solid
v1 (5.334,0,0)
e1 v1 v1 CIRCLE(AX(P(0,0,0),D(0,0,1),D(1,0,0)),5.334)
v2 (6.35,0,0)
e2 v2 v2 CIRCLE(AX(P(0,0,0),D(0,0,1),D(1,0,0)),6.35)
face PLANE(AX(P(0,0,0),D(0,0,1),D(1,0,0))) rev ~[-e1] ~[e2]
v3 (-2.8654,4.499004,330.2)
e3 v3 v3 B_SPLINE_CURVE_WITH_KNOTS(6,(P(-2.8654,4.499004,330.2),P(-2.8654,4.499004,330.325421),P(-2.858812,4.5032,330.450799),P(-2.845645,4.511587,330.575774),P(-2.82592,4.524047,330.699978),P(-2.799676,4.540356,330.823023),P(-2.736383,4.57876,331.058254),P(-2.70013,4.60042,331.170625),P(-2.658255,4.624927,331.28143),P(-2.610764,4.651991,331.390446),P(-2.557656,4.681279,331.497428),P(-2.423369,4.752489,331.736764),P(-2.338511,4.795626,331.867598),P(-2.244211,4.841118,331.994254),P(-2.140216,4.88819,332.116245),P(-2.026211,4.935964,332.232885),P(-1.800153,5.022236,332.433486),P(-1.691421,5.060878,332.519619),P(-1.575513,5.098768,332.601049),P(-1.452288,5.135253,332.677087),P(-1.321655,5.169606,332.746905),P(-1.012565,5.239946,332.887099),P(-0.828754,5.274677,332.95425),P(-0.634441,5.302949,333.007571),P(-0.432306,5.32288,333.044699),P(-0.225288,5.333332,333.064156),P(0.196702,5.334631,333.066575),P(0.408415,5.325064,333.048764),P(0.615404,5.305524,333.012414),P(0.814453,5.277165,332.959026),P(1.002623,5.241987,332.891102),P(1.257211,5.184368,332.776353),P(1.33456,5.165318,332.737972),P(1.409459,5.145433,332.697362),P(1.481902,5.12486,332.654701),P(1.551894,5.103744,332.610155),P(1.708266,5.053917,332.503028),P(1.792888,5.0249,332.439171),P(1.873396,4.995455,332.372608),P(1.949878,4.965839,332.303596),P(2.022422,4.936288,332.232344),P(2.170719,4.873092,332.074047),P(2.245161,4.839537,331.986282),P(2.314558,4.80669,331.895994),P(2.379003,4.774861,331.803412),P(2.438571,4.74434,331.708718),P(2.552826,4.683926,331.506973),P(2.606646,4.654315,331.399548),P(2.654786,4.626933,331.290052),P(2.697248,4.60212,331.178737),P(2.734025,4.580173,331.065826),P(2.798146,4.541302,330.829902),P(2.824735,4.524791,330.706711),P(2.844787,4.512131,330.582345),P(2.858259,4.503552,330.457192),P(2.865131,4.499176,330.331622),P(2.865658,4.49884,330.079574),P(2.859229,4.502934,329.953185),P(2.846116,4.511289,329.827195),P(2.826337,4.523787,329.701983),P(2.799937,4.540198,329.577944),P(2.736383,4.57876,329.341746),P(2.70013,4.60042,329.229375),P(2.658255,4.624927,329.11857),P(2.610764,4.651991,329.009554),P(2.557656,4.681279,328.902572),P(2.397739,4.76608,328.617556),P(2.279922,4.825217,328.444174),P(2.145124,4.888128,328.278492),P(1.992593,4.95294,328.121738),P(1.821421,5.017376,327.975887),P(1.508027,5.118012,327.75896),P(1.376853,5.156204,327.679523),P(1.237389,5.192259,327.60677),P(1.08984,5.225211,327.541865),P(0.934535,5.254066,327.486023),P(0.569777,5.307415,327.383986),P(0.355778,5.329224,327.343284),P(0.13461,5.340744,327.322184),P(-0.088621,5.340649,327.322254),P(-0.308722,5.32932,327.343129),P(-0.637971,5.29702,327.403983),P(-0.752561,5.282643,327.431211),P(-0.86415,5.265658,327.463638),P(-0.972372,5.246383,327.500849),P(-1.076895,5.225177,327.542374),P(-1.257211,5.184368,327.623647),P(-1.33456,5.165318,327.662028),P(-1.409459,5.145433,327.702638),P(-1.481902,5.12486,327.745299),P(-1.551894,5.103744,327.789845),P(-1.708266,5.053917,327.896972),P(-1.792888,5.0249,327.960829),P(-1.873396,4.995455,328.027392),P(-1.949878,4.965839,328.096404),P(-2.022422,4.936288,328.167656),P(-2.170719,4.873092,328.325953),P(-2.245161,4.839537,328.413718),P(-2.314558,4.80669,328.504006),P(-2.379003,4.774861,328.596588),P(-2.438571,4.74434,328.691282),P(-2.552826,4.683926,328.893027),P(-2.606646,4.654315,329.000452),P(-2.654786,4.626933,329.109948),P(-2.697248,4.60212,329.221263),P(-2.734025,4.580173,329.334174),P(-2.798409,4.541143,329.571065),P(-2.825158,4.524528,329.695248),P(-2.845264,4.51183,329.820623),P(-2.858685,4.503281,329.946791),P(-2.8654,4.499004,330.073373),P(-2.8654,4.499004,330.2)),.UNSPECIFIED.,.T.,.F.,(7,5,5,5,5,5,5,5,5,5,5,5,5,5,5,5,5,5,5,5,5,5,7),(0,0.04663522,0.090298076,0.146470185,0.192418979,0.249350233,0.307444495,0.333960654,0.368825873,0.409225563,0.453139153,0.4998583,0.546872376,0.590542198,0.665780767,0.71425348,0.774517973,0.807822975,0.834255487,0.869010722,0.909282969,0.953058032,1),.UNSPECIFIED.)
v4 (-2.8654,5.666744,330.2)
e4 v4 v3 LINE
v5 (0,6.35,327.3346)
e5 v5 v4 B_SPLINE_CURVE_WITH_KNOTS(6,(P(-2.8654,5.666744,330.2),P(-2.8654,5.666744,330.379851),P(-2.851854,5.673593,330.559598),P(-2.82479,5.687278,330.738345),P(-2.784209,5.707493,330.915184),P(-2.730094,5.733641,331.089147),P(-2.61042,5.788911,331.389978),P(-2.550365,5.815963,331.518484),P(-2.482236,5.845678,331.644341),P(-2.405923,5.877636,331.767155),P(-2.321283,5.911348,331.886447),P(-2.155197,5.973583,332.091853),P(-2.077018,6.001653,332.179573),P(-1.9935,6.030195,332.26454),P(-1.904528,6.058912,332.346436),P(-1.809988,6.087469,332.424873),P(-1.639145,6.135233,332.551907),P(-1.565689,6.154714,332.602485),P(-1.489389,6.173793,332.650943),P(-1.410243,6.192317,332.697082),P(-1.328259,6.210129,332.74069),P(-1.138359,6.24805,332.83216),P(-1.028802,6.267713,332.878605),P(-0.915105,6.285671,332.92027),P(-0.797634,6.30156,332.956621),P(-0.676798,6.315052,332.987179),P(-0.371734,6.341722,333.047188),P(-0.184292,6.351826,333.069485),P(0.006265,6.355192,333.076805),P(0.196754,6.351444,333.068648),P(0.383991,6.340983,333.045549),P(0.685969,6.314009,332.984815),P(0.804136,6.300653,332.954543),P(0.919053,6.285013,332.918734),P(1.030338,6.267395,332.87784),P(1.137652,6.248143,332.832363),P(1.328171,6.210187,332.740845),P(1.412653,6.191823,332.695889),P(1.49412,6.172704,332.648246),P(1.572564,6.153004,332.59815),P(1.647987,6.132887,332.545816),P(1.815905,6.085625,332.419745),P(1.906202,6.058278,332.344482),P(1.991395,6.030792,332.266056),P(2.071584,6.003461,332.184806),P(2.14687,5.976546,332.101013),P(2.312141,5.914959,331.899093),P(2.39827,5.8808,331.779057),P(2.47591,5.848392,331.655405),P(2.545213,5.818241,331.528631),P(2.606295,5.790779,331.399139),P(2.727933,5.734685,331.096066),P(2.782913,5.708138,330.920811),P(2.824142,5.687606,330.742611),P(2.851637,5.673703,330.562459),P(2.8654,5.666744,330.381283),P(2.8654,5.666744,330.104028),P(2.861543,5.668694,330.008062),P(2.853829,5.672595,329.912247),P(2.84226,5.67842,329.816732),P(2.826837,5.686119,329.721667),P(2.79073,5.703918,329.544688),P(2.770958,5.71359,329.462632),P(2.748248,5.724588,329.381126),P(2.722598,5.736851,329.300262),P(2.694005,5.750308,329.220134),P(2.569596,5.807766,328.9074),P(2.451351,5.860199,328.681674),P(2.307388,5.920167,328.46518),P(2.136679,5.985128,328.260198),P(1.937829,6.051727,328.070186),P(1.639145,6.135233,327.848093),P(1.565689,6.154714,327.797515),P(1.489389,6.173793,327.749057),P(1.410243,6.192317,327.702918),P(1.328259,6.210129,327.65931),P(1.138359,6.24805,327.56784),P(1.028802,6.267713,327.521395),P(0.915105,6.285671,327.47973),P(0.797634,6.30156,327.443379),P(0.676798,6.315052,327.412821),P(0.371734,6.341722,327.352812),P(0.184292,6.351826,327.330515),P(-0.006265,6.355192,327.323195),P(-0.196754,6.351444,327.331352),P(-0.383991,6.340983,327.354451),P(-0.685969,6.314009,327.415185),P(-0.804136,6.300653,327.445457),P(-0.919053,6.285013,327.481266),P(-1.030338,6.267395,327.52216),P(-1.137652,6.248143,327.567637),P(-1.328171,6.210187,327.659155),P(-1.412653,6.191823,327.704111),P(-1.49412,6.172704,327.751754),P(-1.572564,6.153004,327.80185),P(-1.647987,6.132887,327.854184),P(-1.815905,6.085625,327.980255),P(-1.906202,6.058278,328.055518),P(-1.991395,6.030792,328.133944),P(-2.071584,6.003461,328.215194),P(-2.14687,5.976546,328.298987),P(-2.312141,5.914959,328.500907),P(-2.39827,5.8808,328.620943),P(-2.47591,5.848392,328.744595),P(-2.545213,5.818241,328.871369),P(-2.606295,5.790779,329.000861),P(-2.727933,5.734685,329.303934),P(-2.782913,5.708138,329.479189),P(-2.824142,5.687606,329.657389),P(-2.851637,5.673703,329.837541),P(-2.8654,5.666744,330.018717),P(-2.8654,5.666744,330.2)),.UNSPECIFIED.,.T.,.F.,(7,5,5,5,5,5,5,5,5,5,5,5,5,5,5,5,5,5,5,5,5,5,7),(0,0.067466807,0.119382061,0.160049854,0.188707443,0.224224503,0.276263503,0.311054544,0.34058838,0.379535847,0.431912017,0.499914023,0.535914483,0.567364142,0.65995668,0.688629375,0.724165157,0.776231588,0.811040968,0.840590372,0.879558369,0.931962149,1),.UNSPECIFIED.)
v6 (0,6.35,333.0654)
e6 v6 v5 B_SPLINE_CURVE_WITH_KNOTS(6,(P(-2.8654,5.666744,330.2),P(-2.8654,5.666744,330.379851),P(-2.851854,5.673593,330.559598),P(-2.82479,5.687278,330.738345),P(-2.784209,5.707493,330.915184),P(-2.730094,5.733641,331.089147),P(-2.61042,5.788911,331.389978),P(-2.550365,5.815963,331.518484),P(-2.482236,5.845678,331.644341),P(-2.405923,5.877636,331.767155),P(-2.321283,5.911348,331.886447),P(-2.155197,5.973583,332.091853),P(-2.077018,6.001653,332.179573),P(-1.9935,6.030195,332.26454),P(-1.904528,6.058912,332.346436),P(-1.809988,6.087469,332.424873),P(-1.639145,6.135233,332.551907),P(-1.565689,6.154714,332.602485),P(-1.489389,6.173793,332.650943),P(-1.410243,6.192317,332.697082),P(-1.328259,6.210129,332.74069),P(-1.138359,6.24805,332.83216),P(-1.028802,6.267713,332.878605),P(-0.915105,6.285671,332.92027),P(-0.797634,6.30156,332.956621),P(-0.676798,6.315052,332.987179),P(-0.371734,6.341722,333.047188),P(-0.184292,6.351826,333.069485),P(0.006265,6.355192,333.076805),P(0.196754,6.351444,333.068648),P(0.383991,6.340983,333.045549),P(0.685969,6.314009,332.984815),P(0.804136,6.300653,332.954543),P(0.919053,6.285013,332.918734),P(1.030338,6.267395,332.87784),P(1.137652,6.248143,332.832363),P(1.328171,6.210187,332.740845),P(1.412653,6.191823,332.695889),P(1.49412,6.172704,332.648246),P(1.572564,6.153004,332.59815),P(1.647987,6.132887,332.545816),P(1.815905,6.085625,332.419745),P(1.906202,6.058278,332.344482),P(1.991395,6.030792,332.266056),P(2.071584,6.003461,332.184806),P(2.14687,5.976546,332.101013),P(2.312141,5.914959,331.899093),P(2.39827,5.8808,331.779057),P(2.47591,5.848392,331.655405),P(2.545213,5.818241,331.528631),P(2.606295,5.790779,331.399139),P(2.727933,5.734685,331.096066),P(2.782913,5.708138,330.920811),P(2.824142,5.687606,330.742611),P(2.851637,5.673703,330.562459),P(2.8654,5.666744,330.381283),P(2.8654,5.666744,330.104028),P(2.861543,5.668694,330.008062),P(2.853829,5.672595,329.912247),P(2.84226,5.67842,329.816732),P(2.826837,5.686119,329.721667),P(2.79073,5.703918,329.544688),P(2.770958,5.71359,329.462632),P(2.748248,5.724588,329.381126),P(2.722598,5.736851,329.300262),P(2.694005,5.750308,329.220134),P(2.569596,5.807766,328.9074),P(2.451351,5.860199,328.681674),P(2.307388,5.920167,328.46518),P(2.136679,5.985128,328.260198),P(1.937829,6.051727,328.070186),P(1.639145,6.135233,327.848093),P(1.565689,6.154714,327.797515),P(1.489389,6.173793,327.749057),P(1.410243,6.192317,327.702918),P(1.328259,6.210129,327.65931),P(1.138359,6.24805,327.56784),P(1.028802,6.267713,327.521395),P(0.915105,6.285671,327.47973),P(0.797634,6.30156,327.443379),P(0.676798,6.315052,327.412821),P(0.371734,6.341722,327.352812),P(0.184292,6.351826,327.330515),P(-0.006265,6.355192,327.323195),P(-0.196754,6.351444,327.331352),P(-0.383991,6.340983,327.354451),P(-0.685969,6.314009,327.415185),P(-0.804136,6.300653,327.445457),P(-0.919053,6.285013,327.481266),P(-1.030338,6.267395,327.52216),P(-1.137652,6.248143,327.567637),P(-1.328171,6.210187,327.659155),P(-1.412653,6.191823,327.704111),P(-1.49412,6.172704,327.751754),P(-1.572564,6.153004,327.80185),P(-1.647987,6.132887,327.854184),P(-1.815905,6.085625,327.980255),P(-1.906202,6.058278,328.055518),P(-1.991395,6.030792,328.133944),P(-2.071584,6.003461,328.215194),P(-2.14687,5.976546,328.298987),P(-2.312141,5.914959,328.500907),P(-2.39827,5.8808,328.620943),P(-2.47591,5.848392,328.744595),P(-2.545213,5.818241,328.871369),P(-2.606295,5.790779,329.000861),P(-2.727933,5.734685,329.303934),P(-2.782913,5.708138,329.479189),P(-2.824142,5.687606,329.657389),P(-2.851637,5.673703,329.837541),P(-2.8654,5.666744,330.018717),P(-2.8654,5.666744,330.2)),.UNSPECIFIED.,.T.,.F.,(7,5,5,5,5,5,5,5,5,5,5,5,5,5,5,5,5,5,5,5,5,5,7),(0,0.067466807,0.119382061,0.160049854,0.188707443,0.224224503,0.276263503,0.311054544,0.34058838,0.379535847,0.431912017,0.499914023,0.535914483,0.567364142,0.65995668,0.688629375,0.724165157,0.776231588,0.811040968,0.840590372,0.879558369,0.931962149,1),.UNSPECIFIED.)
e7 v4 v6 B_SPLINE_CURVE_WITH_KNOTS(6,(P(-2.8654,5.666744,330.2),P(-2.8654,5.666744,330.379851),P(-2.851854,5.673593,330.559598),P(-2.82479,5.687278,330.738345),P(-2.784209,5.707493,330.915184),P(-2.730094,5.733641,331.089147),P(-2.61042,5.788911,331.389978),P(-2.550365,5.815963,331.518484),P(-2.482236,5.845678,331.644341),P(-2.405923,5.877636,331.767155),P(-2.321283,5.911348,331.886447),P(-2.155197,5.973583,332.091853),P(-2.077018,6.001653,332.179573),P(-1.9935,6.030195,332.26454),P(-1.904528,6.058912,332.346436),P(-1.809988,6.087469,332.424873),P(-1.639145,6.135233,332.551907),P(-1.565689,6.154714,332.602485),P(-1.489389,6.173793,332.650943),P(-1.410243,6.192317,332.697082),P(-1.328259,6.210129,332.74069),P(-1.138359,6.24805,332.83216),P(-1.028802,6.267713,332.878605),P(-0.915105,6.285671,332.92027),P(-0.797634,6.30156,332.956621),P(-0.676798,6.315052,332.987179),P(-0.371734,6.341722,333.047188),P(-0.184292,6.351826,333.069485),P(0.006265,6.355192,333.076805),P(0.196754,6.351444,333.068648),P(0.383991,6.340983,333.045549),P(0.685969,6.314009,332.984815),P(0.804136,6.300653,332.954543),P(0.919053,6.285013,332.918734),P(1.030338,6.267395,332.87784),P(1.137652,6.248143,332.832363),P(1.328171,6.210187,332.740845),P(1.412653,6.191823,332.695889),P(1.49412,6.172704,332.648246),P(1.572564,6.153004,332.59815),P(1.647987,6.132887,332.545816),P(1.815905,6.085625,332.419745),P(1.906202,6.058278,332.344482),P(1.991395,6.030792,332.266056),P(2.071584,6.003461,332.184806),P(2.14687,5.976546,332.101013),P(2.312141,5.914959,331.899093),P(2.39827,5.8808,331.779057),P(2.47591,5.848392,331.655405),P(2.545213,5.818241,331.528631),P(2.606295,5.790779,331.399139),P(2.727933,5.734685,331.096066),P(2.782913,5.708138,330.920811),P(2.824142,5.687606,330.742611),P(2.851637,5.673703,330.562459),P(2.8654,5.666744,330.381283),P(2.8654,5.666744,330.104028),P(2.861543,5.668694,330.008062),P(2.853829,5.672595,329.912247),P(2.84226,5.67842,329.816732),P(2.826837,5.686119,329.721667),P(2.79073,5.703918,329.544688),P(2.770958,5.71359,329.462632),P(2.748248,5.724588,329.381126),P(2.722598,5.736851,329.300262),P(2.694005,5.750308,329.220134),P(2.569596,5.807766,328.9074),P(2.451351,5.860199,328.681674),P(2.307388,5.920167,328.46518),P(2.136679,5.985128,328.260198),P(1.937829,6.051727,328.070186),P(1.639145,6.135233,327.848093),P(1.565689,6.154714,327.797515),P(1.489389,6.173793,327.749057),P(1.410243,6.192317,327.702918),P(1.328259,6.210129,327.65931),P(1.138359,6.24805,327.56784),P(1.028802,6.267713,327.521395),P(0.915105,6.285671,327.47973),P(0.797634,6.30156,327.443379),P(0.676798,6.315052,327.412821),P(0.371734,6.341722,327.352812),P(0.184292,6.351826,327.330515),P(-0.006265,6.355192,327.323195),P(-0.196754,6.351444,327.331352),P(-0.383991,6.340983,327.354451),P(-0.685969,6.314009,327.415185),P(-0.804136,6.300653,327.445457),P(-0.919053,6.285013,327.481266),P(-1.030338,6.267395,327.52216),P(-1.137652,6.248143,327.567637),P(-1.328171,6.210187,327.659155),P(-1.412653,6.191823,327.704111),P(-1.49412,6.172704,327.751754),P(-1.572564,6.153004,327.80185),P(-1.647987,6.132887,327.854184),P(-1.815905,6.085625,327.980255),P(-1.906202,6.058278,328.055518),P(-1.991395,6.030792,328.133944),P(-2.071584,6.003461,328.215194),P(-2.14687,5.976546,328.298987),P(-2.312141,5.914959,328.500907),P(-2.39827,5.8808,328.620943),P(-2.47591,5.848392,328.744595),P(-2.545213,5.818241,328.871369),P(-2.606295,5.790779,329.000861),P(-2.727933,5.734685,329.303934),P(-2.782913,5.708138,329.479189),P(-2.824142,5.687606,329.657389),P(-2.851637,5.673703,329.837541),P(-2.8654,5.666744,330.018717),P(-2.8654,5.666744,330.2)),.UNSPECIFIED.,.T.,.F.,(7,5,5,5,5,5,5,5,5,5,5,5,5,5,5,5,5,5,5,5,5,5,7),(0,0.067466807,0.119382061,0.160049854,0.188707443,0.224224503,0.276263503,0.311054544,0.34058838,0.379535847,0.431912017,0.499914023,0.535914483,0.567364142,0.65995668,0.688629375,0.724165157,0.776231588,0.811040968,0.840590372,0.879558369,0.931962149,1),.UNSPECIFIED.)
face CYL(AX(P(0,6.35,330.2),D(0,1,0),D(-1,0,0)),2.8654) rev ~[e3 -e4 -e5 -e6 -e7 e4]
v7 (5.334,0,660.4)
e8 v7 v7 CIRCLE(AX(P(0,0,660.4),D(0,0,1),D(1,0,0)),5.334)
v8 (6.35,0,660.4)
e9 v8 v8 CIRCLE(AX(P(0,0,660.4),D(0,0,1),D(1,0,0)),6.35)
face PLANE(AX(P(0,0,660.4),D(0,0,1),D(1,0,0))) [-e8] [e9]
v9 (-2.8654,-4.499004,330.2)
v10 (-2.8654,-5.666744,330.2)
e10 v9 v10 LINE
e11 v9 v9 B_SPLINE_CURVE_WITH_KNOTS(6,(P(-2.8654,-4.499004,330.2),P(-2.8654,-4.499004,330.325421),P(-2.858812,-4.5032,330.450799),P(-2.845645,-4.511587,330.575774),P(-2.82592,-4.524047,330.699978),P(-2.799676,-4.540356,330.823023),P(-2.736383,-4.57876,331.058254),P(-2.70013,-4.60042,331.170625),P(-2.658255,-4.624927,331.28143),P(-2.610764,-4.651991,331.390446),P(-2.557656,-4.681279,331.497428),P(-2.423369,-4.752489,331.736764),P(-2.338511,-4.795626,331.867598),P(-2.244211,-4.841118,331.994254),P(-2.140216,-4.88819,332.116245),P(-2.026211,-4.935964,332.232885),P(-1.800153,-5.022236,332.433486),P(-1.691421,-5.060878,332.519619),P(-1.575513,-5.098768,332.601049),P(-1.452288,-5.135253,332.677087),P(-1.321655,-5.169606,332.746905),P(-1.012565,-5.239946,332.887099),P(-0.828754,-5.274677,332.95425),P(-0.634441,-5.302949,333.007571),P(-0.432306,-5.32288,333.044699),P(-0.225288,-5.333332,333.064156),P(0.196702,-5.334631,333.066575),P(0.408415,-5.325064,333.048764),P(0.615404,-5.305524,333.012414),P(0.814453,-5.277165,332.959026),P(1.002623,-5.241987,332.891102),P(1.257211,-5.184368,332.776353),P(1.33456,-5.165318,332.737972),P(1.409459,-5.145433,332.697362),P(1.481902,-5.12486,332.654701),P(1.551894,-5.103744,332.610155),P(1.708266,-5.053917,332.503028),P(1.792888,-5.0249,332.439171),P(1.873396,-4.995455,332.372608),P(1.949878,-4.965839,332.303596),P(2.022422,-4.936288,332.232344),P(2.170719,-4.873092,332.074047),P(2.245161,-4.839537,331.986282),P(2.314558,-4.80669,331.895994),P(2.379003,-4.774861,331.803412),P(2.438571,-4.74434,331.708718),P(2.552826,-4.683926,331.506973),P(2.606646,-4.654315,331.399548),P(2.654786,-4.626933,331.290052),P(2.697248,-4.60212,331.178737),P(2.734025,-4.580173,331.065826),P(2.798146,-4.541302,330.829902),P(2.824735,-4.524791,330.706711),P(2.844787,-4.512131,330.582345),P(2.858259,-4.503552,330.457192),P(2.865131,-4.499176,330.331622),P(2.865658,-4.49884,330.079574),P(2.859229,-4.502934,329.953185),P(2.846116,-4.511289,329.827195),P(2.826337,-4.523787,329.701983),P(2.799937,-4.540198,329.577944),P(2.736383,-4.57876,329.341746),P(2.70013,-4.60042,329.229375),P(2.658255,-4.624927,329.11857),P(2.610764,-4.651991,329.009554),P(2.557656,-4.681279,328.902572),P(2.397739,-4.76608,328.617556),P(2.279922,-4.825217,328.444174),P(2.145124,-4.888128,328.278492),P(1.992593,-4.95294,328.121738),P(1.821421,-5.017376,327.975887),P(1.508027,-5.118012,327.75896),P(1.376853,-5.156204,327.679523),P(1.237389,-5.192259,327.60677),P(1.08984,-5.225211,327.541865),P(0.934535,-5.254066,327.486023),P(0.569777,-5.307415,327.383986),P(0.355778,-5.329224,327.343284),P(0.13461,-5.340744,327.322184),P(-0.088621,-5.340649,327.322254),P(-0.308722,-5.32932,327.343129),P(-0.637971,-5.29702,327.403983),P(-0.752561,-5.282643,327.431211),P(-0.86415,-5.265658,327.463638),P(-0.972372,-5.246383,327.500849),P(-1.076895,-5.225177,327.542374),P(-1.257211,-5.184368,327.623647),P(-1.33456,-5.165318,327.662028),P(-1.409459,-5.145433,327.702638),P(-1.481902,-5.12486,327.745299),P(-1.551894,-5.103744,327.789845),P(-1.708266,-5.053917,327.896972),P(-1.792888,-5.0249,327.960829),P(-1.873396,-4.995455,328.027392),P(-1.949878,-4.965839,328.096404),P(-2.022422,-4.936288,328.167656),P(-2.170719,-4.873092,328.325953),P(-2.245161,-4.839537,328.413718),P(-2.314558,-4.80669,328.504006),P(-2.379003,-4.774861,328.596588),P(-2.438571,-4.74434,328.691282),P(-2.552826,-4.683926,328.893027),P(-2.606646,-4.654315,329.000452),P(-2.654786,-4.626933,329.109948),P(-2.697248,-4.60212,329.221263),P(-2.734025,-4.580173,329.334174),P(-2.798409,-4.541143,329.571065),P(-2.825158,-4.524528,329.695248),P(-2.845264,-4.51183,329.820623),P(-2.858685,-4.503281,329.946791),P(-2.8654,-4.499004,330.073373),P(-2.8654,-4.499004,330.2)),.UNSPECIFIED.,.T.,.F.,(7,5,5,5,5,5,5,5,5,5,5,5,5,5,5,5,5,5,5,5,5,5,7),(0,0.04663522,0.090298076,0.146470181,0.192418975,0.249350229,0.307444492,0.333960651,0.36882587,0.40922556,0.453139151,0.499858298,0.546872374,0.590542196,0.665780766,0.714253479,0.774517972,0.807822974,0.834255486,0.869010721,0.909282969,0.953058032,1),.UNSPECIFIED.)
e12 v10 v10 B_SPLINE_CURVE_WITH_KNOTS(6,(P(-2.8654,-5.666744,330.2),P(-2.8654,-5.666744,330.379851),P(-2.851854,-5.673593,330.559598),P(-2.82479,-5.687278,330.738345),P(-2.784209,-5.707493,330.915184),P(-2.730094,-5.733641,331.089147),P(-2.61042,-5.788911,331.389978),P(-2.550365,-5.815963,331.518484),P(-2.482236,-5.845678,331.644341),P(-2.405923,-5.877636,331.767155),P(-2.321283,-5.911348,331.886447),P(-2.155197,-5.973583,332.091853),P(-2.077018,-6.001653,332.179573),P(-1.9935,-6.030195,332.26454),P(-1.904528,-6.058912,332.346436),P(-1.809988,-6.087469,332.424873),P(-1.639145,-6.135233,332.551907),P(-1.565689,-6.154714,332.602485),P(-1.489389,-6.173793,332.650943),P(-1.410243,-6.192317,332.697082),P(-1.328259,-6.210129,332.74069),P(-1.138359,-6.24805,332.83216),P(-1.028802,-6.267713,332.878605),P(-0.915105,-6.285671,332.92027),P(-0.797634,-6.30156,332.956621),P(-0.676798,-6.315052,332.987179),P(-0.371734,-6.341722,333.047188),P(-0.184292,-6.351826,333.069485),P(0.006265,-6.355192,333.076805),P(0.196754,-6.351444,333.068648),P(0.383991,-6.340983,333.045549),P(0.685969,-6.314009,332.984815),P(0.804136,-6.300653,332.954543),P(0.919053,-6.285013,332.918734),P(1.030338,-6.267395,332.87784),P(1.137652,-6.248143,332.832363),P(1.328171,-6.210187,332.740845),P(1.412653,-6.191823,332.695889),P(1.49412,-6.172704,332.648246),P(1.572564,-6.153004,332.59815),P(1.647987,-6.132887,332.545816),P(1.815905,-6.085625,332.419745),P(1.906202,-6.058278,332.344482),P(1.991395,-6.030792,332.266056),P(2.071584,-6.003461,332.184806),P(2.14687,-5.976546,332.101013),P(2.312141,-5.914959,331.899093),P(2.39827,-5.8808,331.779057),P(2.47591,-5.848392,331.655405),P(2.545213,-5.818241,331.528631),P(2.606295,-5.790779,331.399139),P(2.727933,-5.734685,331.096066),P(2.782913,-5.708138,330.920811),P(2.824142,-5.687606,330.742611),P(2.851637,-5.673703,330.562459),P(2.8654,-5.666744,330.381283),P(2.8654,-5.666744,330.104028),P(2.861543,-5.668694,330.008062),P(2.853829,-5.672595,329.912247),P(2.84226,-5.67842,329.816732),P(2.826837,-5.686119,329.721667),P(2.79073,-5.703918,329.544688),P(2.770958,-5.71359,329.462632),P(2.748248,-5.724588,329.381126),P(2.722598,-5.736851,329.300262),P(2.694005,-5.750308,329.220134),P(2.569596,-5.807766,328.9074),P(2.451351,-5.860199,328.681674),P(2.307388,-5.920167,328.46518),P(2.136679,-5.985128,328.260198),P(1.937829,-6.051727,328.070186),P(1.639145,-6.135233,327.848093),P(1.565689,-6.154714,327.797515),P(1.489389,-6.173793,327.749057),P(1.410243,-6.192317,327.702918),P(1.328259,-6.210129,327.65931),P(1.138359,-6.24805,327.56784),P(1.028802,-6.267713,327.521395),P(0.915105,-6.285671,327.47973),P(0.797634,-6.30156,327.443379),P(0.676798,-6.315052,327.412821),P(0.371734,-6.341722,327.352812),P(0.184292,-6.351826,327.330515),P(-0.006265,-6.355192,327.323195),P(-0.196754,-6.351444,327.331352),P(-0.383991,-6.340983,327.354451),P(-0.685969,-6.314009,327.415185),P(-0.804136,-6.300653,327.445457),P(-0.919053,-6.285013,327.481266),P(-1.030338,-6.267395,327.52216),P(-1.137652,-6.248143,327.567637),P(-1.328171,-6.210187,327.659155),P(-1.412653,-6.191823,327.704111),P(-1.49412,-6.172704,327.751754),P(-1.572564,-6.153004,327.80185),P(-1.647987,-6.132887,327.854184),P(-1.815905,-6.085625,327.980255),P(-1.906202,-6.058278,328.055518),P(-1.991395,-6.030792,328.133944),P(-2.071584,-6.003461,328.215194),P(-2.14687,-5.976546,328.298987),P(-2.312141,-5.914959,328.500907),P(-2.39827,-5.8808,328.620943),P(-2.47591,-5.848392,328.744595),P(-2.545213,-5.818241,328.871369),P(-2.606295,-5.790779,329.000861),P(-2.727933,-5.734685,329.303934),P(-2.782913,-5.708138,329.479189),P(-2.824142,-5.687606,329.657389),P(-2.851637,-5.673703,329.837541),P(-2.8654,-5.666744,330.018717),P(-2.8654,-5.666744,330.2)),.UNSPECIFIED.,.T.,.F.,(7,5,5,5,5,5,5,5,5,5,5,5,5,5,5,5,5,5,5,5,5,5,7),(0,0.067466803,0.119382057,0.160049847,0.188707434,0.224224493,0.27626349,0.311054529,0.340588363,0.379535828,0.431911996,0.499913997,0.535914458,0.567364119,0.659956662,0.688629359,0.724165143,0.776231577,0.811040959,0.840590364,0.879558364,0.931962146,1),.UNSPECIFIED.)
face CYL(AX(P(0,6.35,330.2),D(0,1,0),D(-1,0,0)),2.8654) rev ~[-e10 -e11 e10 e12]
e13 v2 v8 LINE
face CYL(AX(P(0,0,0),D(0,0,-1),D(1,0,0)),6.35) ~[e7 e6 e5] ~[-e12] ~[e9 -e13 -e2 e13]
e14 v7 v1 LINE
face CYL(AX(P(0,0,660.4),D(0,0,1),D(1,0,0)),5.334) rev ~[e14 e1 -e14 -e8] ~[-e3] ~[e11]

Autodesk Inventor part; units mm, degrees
ref_plane "YZ Plane" through (0, 0, 0) normal (1, 0, 0) x (0, 1, 0)
ref_plane "XY Plane" through (0, 0, 0) normal (0, 0, 1) x (1, 0, 0)
sketch "Sketch1" plane through (0, 0, 0) normal (0, 0, 1) x (1, 0, 0)
  circle A0 centre (0, 0) radius 6.35
  dimension "d0" = 12.7
extrude "Extrusion1" add sketch "Sketch1" along normal blind 660.4
sketch "Sketch2" plane through (0, 0, 660.4) normal (0, 0, 1) x (1, 0, 0)
  circle A0 centre (0, 0) radius 5.334
  dimension "d3" = 10.668
extrude "Extrusion2" cut sketch "Sketch2" against normal blind 660.4
ref_plane "Work Plane1" through (0, 6.35, 0) normal (0, 1, 0) x (-1, 0, 0)
sketch "Sketch3" plane through (0, 6.35, 0) normal (0, 1, 0) x (-1, 0, 0)
  circle A0 centre (0, 330.2) radius 2.8654
  point P0 (0, 0)
  dimension "d6" = 330.2
extrude "Extrusion3" cut sketch "Sketch3" against normal through all
properties part number "horizontal support"
